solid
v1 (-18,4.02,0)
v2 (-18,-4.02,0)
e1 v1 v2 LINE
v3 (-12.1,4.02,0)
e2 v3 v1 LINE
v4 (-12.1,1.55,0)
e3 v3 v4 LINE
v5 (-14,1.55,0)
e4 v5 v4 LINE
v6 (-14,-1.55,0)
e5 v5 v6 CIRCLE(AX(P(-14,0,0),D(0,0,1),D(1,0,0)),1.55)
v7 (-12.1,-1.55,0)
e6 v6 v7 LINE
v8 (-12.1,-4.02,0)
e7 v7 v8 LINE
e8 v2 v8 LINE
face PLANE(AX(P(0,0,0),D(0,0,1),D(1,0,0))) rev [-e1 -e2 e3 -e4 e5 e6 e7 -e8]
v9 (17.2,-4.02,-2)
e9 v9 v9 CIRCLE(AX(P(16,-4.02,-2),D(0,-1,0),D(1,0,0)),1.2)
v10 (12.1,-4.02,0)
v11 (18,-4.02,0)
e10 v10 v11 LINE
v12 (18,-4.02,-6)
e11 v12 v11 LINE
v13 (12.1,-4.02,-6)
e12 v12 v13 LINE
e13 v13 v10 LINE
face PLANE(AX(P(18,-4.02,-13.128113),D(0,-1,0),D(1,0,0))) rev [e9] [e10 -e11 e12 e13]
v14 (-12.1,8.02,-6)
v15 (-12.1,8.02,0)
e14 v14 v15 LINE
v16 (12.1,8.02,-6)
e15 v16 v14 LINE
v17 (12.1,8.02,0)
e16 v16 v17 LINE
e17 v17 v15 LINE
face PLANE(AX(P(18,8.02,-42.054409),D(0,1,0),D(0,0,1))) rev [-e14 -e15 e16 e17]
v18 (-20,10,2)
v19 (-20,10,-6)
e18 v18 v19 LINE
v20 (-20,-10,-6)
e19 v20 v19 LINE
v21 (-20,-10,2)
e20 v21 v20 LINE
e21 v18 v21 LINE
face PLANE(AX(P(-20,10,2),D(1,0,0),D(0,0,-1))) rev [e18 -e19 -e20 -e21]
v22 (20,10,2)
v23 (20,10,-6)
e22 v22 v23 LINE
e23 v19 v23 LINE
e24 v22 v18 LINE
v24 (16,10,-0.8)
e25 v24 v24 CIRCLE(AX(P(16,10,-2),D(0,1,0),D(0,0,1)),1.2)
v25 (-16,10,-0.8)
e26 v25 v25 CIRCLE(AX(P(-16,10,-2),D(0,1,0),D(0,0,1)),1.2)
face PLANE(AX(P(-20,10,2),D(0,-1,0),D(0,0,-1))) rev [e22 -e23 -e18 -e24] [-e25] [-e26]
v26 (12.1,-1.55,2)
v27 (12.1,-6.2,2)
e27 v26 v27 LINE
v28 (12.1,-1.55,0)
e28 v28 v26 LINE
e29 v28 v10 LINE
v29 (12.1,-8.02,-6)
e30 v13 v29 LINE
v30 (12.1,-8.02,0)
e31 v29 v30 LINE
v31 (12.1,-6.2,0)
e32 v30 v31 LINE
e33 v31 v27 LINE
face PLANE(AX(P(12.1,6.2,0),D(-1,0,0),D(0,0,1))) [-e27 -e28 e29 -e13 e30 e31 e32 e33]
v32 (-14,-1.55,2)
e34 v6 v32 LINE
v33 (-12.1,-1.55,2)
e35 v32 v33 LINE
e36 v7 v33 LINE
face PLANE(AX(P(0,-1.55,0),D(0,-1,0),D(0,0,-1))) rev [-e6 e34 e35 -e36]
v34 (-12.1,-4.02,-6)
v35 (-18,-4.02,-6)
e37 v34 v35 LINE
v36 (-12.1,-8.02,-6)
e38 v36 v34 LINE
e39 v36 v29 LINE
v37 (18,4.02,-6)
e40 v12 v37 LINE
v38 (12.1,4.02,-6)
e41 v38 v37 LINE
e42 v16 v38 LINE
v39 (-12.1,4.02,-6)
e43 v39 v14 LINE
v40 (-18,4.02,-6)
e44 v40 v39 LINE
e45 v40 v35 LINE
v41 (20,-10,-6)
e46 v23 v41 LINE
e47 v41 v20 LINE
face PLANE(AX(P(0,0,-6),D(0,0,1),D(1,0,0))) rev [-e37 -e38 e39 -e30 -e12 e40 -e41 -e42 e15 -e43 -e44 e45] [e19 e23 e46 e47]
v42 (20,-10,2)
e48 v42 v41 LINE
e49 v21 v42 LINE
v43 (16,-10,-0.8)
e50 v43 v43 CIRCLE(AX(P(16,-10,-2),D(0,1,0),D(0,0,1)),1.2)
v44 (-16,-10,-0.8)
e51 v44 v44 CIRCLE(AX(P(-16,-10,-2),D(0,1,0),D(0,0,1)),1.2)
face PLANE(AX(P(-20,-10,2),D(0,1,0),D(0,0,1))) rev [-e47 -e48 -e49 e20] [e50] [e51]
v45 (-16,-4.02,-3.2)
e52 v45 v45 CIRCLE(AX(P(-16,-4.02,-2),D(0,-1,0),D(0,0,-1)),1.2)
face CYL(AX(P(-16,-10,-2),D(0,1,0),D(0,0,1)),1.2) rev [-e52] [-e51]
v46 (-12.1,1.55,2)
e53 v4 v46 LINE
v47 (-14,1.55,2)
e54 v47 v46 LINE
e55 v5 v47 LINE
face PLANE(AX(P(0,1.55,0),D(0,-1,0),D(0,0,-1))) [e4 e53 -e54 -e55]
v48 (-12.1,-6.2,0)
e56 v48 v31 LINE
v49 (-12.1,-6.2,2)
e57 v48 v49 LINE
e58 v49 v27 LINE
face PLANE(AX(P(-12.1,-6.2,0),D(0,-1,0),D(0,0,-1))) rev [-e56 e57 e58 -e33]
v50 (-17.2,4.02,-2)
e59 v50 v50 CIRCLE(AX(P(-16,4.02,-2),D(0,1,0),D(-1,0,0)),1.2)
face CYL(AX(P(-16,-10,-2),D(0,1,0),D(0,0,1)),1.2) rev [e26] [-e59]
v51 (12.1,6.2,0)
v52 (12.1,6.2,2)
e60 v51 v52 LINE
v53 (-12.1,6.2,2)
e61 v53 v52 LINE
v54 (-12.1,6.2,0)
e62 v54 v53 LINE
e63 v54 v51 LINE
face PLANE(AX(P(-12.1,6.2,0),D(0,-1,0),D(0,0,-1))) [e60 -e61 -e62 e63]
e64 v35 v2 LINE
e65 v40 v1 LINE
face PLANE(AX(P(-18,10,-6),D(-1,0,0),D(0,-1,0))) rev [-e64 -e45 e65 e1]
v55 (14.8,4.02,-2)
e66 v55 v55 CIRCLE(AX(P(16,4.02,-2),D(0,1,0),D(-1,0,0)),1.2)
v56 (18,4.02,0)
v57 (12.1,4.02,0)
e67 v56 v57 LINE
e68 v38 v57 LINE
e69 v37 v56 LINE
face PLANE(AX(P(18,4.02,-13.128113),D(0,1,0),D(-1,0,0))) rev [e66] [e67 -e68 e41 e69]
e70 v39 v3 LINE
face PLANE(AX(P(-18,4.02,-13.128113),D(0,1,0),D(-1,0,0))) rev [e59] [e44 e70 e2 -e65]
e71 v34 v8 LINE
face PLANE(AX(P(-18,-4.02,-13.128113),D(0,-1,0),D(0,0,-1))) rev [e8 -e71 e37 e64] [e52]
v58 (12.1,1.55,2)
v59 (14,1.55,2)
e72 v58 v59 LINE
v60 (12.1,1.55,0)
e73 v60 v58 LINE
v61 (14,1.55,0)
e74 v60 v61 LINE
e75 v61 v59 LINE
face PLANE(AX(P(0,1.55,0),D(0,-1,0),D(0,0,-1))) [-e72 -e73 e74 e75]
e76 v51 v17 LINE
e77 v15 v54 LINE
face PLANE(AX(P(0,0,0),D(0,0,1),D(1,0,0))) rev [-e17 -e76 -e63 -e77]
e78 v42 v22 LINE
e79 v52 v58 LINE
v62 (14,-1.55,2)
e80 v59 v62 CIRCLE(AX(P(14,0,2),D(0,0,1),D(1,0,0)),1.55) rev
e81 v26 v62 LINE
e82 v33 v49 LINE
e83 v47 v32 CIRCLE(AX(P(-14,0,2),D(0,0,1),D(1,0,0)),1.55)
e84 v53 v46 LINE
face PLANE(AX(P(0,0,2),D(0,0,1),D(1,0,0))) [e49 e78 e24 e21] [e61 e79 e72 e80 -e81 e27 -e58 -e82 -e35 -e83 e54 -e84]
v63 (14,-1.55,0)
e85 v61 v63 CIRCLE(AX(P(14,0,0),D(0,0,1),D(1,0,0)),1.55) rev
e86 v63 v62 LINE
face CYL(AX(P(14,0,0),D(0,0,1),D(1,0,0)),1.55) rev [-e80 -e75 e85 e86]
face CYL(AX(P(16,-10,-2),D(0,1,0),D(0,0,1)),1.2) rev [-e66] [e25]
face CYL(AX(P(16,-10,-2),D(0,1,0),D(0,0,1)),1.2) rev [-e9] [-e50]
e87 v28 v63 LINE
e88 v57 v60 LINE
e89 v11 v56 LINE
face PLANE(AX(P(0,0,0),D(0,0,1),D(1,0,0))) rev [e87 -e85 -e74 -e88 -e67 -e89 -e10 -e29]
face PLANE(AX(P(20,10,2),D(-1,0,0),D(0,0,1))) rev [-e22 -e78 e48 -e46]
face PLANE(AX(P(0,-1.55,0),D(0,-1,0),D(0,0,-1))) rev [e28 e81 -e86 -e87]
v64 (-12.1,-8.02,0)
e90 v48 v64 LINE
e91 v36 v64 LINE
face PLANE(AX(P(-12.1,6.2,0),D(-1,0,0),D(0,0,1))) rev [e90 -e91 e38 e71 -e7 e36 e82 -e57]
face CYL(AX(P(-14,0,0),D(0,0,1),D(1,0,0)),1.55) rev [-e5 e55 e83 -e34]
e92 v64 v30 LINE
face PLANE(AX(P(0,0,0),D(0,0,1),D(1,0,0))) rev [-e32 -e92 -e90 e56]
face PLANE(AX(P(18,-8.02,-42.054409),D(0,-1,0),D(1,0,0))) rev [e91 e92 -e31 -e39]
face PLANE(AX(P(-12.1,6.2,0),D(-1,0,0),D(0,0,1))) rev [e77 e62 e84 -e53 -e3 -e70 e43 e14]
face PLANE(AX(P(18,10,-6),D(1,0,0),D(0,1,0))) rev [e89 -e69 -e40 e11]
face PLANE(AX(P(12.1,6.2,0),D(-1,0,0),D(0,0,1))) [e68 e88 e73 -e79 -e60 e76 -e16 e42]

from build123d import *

# Parameters (mm, degrees)
SKETCH_1_W          = 40
SKETCH_1_H          = 20
EXTRUDE_1_DEPTH     = 2
SKETCH_2_W          = 24.2
SKETCH_2_H          = 12.4
CUT_EXTRUDE_1_DEPTH = 2
SKETCH_3_W          = 2
SKETCH_3_H          = 20
EXTRUDE_2_DEPTH     = 6
SKETCH_5_W          = 36
SKETCH_5_H          = 1.98
EXTRUDE_3_DEPTH     = 6
SKETCH_6_W          = 5.9
SKETCH_6_H          = 4
EXTRUDE_4_DEPTH     = 6
SKETCH_7_R          = 1.2
CUT_EXTRUDE_2_DEPTH = 29.91366459


with BuildPart() as part:
    # ｽｹｯﾁ1 → ﾎﾞｽ - 押し出し1 (new body)
    with BuildSketch(Plane.XY):
        Rectangle(SKETCH_1_W, SKETCH_1_H)
    extrude(amount=EXTRUDE_1_DEPTH)

    # ｽｹｯﾁ2 → ｶｯﾄ - 押し出し1 (cut)
    with BuildSketch(Plane.XY.offset(2)):
        Rectangle(SKETCH_2_W, SKETCH_2_H)
        with BuildLine():
            Line((-14, 1.55), (14, 1.55))
            ThreePointArc((14, 1.55), (15.55, 0), (14, -1.55))
            Line((14, -1.55), (-14, -1.55))
            ThreePointArc((-14, -1.55), (-15.55, 0), (-14, 1.55))
        make_face()
    extrude(amount=-CUT_EXTRUDE_1_DEPTH, mode=Mode.SUBTRACT)

    # ｽｹｯﾁ3 → ﾎﾞｽ - 押し出し2 (add)
    with BuildSketch(Plane(origin=(0, 0, 0), x_dir=(-1, 0, 0), z_dir=(0, 0, -1))):
        with Locations((19, 0)):
            Rectangle(SKETCH_3_W, SKETCH_3_H)
        with Locations((-19, 0)):
            Rectangle(SKETCH_3_W, SKETCH_3_H)
    extrude(amount=EXTRUDE_2_DEPTH)

    # ｽｹｯﾁ5 → ﾎﾞｽ - 押し出し3 (add)
    with BuildSketch(Plane(origin=(0, 0, 0), x_dir=(-1, 0, 0), z_dir=(0, 0, -1))):
        with Locations((0, 9.01)):
            Rectangle(SKETCH_5_W, SKETCH_5_H)
        with Locations((0, -9.01)):
            Rectangle(SKETCH_5_W, SKETCH_5_H)
    extrude(amount=EXTRUDE_3_DEPTH)

    # ｽｹｯﾁ6 → ﾎﾞｽ - 押し出し4 (add)
    with BuildSketch(Plane(origin=(0, 0, 0), x_dir=(-1, 0, 0), z_dir=(0, 0, -1))):
        with Locations((-15.05, 6.02)):
            Rectangle(SKETCH_6_W, SKETCH_6_H)
        with Locations((15.05, 6.02)):
            Rectangle(SKETCH_6_W, SKETCH_6_H)
        with Locations((15.05, -6.02)):
            Rectangle(SKETCH_6_W, SKETCH_6_H)
        with Locations((-15.05, -6.02)):
            Rectangle(SKETCH_6_W, SKETCH_6_H)
    extrude(amount=EXTRUDE_4_DEPTH)

    # ｽｹｯﾁ7 → ｶｯﾄ - 押し出し2 (cut, through all)
    with BuildSketch(Plane(origin=(0, 10, 0), x_dir=(1, 0, 0), z_dir=(0, 1, 0))):
        with Locations(Location((-16, 2, 0), (0, 0, 270))):
            Circle(SKETCH_7_R)
        with Locations(Location((16, 2, 0), (0, 0, 270))):
            Circle(SKETCH_7_R)
    extrude(amount=-CUT_EXTRUDE_2_DEPTH, mode=Mode.SUBTRACT)


solid = part.part
